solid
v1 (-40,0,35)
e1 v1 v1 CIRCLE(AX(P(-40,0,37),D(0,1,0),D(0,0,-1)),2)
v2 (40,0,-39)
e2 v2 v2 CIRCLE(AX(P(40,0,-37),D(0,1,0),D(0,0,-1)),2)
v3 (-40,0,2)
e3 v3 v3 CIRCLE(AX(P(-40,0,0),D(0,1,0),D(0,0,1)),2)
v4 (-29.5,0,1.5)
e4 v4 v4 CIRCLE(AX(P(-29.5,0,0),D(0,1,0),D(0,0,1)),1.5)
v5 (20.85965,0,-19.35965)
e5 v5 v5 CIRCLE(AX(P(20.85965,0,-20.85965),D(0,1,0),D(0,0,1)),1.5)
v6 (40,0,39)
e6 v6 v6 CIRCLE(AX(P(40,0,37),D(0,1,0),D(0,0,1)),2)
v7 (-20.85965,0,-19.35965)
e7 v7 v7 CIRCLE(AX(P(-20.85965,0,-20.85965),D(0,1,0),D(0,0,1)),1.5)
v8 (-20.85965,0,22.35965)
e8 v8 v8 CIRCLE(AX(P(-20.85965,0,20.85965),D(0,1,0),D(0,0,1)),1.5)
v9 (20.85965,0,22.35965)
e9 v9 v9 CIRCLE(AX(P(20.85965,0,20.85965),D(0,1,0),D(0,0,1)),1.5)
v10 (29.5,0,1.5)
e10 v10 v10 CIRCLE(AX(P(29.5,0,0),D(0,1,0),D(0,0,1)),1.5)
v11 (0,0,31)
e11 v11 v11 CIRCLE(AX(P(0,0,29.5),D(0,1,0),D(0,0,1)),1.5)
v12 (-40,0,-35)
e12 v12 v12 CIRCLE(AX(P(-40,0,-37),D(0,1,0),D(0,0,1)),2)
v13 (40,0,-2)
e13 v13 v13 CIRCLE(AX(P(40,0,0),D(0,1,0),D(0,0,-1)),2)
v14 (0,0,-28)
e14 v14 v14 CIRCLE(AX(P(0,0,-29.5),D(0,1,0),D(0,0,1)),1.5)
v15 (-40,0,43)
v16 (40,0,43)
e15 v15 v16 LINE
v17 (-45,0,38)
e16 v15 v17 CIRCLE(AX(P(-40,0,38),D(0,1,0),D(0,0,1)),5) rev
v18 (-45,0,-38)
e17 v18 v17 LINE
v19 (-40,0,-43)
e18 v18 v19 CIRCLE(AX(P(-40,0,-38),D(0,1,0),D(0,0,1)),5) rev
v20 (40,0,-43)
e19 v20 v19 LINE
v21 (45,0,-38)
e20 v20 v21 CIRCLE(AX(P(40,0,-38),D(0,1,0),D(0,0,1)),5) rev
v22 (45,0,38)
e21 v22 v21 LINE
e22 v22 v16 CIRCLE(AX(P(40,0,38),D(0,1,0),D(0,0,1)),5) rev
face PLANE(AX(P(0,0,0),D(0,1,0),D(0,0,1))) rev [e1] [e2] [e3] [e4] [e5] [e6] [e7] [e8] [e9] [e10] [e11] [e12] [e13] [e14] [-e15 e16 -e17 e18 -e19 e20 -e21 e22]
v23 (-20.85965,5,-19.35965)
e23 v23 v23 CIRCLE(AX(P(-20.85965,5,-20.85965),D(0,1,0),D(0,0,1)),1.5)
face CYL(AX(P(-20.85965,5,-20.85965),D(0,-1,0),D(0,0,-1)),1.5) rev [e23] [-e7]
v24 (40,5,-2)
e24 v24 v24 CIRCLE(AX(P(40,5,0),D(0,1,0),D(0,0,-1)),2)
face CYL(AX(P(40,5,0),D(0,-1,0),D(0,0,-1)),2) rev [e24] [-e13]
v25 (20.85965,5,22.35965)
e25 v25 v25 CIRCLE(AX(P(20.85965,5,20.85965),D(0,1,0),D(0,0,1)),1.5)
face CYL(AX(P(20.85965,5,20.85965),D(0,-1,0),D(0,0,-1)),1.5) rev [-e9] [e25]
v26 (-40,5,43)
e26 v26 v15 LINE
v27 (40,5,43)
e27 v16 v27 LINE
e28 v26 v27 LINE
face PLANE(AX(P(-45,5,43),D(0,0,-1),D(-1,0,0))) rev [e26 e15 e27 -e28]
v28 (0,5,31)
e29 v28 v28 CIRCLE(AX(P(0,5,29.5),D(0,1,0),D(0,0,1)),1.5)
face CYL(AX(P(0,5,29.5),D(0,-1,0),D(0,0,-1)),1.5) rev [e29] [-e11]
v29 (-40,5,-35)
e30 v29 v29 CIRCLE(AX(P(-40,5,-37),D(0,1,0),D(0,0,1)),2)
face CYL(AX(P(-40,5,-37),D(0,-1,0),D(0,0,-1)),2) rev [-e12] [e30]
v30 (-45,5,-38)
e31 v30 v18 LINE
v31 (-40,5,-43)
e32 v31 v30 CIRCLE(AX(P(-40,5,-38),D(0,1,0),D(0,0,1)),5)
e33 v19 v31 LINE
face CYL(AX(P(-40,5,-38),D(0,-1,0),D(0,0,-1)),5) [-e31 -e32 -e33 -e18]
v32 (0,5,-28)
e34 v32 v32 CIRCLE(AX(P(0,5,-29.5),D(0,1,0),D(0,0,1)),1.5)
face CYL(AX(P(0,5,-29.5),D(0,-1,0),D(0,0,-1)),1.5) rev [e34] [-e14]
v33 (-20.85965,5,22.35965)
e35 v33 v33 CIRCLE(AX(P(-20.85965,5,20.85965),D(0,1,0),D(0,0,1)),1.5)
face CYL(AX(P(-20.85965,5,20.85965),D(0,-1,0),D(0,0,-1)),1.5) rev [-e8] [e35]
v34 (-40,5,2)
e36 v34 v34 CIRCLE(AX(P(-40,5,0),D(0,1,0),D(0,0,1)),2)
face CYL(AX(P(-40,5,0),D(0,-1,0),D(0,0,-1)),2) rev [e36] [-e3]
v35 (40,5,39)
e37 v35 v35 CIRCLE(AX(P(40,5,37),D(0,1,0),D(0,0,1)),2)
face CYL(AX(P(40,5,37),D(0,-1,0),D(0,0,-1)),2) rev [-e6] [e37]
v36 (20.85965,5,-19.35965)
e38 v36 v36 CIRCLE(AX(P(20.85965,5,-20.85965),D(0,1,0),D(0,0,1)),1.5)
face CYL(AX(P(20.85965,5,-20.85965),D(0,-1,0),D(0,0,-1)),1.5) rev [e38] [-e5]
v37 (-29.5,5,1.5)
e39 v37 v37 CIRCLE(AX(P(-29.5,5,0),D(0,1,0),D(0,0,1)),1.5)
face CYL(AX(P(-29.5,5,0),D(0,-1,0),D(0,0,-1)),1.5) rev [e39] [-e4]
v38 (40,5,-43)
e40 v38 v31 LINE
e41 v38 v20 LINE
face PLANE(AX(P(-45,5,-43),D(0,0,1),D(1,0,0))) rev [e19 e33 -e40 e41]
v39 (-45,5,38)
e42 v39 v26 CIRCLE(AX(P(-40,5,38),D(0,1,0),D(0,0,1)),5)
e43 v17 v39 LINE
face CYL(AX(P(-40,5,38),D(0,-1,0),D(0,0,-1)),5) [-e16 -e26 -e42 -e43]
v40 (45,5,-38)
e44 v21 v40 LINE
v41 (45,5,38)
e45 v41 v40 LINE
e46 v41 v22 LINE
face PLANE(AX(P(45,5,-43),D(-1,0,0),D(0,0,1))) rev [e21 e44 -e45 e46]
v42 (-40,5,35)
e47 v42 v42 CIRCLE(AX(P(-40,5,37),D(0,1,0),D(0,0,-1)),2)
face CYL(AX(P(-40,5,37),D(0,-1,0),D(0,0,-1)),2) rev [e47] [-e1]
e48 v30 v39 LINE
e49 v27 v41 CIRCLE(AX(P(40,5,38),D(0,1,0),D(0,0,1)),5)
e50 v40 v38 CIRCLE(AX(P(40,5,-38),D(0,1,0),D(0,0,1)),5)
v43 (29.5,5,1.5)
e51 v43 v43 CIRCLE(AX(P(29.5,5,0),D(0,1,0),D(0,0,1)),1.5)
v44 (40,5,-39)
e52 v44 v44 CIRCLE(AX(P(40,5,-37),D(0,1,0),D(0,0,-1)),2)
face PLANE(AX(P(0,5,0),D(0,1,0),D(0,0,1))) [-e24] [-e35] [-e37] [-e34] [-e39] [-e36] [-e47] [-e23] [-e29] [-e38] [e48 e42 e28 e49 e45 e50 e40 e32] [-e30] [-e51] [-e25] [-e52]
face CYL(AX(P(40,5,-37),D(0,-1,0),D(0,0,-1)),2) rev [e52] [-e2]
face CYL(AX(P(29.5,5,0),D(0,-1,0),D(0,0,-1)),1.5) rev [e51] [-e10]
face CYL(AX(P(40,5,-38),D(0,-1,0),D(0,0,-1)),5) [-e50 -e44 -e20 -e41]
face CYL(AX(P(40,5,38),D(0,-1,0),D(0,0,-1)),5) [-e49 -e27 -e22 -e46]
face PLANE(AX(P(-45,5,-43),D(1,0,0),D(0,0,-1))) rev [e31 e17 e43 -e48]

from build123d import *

# Parameters (mm, degrees)
SKETCH_1_W      = 90
SKETCH_1_H      = 86
SKETCH_1_R      = 1.5
SKETCH_1_R_2    = 2
EXTRUDE_1_DEPTH = 5
FILLET_1_R      = 5


with BuildPart() as part:
    # 草图1 → 凸台-拉伸1 (new body)
    with BuildSketch(Plane(origin=(0, 0, 0), x_dir=(1, 0, 0), z_dir=(0, 1, 0))):
        Rectangle(SKETCH_1_W, SKETCH_1_H)
        with Locations(Location((0, 29.5, 0), (0, 0, 270))):
            Circle(SKETCH_1_R, mode=Mode.SUBTRACT)
        with Locations(Location((20.859650045, 20.859650045, 0), (0, 0, 270))):
            Circle(SKETCH_1_R, mode=Mode.SUBTRACT)
        with Locations(Location((29.5, 0, 0), (0, 0, 270))):
            Circle(SKETCH_1_R, mode=Mode.SUBTRACT)
        with Locations(Location((20.859650045, -20.859650045, 0), (0, 0, 270))):
            Circle(SKETCH_1_R, mode=Mode.SUBTRACT)
        with Locations(Location((0, -29.5, 0), (0, 0, 270))):
            Circle(SKETCH_1_R, mode=Mode.SUBTRACT)
        with Locations(Location((-20.859650045, -20.859650045, 0), (0, 0, 270))):
            Circle(SKETCH_1_R, mode=Mode.SUBTRACT)
        with Locations(Location((-29.5, 0, 0), (0, 0, 270))):
            Circle(SKETCH_1_R, mode=Mode.SUBTRACT)
        with Locations(Location((-20.859650045, 20.859650045, 0), (0, 0, 270))):
            Circle(SKETCH_1_R, mode=Mode.SUBTRACT)
        with Locations(Location((-40, 0, 0), (0, 0, 270))):
            Circle(SKETCH_1_R_2, mode=Mode.SUBTRACT)
        with Locations(Location((40, 0, 0), (0, 0, 90))):
            Circle(SKETCH_1_R_2, mode=Mode.SUBTRACT)
        with Locations(Location((-40, 37, 0), (0, 0, 270))):
            Circle(SKETCH_1_R_2, mode=Mode.SUBTRACT)
        with Locations(Location((40, 37, 0), (0, 0, 90))):
            Circle(SKETCH_1_R_2, mode=Mode.SUBTRACT)
        with Locations(Location((40, -37, 0), (0, 0, 270))):
            Circle(SKETCH_1_R_2, mode=Mode.SUBTRACT)
        with Locations(Location((-40, -37, 0), (0, 0, 90))):
            Circle(SKETCH_1_R_2, mode=Mode.SUBTRACT)
    extrude(amount=EXTRUDE_1_DEPTH)

    # 圆角1
    fillet_1_edges = [part.edges().sort_by_distance(p)[0] for p in [
        (-45, 2.5, -43),
        (45, 2.5, -43),
        (45, 2.5, 43),
        (-45, 2.5, 43),
    ]]
    fillet(fillet_1_edges, radius=FILLET_1_R)


solid = part.part
